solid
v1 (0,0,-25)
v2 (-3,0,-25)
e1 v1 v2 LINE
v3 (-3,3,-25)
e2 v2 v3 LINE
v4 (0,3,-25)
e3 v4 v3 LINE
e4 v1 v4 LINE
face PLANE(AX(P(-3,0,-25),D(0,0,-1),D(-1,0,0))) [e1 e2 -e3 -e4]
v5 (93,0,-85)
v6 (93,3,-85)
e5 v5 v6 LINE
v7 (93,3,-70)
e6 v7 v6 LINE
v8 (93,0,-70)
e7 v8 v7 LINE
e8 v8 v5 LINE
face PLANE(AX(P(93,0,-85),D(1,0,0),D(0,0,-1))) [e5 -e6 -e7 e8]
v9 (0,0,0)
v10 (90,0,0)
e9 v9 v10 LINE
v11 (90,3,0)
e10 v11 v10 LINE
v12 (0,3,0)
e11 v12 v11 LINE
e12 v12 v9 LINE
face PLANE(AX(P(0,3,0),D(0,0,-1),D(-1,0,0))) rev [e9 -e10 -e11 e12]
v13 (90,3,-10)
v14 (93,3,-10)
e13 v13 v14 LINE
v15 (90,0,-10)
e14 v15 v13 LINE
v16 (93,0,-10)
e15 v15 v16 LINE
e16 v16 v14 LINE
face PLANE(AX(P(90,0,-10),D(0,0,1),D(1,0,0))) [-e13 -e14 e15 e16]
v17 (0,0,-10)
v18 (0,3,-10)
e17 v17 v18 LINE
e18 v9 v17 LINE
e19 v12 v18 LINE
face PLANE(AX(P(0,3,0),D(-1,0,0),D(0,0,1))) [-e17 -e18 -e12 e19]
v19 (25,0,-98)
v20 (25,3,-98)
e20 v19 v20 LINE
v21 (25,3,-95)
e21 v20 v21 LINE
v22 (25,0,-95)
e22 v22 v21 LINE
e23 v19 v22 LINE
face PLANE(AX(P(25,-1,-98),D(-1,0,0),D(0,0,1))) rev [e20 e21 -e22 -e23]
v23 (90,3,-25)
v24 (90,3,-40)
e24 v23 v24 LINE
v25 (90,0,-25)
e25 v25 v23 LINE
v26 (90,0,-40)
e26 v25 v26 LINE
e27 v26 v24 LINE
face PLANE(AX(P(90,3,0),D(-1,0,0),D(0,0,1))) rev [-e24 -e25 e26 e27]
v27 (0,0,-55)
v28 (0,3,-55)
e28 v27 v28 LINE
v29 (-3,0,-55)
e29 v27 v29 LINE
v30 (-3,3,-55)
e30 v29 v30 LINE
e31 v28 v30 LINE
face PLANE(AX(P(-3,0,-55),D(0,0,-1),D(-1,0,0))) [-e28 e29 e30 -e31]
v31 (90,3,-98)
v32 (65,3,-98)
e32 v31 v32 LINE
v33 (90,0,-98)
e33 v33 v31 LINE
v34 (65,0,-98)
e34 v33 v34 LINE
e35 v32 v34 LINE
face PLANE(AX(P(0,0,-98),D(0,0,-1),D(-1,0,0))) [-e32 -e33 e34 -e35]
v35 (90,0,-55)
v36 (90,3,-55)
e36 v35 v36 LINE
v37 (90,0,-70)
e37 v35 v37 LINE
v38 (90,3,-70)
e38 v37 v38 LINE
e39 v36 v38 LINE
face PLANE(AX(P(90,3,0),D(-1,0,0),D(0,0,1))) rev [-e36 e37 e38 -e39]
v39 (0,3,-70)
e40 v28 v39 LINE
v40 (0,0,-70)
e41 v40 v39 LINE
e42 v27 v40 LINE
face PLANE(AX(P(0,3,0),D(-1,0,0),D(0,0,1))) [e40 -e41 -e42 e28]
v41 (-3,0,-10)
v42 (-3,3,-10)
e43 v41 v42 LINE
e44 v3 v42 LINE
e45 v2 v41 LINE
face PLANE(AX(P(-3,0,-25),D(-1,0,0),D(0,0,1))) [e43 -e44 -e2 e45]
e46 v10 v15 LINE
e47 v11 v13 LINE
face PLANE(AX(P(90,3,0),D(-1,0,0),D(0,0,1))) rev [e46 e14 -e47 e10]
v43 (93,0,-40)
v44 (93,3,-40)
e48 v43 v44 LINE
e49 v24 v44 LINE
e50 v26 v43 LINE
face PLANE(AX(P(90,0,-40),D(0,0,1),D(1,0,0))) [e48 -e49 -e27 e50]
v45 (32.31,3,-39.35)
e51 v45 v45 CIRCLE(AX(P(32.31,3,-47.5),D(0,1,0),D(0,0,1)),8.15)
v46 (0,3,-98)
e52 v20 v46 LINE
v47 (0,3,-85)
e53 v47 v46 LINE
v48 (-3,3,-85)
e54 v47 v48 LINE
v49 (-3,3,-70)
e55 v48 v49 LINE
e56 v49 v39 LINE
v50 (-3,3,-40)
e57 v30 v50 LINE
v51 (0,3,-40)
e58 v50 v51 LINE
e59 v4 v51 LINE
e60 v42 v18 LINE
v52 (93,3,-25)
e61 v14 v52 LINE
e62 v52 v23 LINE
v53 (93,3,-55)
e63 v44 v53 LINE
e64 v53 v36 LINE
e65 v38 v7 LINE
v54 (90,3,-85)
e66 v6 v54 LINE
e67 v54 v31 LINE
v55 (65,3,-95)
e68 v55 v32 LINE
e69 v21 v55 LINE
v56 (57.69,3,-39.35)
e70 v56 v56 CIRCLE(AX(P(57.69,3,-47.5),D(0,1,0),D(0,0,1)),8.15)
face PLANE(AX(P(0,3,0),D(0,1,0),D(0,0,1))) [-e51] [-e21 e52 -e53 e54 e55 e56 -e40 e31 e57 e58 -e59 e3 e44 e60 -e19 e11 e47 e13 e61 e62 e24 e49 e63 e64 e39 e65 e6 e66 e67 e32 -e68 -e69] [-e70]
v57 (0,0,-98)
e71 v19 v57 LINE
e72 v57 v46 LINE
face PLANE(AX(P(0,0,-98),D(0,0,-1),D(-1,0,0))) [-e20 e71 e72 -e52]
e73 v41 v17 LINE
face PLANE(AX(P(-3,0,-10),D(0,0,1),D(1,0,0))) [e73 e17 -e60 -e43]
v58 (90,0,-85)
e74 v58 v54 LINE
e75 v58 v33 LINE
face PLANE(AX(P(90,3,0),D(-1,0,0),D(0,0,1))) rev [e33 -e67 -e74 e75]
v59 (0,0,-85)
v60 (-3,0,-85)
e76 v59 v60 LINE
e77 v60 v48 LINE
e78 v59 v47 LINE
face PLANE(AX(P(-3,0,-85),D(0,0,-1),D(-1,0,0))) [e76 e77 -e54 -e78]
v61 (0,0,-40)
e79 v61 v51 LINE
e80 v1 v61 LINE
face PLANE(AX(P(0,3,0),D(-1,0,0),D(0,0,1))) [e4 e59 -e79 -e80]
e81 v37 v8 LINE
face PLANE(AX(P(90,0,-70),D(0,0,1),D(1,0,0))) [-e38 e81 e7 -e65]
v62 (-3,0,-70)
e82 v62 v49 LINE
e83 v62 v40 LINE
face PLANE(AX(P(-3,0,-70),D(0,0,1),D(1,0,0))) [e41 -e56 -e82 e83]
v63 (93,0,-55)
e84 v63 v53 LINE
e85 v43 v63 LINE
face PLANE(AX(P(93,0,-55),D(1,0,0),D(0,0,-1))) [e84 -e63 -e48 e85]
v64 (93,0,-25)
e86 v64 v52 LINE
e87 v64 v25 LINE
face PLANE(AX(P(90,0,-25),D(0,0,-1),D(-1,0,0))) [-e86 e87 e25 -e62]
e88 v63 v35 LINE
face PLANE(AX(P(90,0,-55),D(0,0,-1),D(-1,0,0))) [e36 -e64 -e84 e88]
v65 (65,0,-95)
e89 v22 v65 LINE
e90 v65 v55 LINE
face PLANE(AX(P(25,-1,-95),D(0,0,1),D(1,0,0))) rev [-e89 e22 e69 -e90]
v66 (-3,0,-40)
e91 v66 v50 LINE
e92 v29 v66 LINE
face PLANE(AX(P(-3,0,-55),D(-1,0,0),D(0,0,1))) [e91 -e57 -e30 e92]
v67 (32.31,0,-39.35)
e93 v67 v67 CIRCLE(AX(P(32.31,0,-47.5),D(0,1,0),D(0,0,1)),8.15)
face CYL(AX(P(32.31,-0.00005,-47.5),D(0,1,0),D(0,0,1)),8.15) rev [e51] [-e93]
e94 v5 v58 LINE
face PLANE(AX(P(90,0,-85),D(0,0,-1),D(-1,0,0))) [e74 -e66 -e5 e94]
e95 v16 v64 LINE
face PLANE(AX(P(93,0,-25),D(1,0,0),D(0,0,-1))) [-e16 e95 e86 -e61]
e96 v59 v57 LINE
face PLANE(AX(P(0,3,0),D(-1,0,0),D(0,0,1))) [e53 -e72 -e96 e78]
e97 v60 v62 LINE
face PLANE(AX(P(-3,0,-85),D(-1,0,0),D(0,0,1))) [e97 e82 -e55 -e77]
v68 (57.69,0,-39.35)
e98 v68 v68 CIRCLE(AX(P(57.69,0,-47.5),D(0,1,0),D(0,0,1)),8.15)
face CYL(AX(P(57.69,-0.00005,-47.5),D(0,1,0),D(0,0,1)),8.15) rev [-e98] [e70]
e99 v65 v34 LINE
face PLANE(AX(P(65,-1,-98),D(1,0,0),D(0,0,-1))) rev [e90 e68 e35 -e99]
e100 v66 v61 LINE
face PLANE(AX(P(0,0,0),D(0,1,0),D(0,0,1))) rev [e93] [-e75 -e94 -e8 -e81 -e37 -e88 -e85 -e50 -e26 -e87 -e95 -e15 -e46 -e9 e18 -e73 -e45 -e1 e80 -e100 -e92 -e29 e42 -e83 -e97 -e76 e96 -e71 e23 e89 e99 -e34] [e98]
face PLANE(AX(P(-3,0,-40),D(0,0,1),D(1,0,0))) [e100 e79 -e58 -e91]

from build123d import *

# Parameters (mm, degrees)
SKETCH1_W           = 90
SKETCH1_H           = 95
BOSS_EXTRUDE1_DEPTH = 3
SKETCH4_W           = 3
SKETCH4_H           = 15
BOSS_EXTRUDE4_DEPTH = 3
SKETCH5_W           = 90
SKETCH5_H           = 3
BOSS_EXTRUDE5_DEPTH = 3
SKETCH6_W           = 40
SKETCH6_H           = 3
CUT_EXTRUDE2_DEPTH  = 4
SKETCH8_R           = 8.15
CUT_EXTRUDE3_DEPTH  = 4


with BuildPart() as part:
    # Sketch1 → Boss-Extrude1 (new body)
    with BuildSketch(Plane(origin=(0, 0, 0), x_dir=(1, 0, 0), z_dir=(0, 1, 0))):
        with Locations((45, 47.5)):
            Rectangle(SKETCH1_W, SKETCH1_H)
    extrude(amount=BOSS_EXTRUDE1_DEPTH)

    # Sketch4 → Boss-Extrude4 (add)
    with BuildSketch(Plane(origin=(0, 3, 0), x_dir=(1, 0, 0), z_dir=(0, 1, 0))):
        with Locations((-1.5, 77.5)):
            Rectangle(SKETCH4_W, SKETCH4_H)
        with Locations((-1.5, 47.5)):
            Rectangle(SKETCH4_W, SKETCH4_H)
        with Locations((-1.5, 17.5)):
            Rectangle(SKETCH4_W, SKETCH4_H)
        with Locations((91.5, 77.5)):
            Rectangle(SKETCH4_W, SKETCH4_H)
        with Locations((91.5, 47.5)):
            Rectangle(SKETCH4_W, SKETCH4_H)
        with Locations((91.5, 17.5)):
            Rectangle(SKETCH4_W, SKETCH4_H)
    extrude(amount=-BOSS_EXTRUDE4_DEPTH)

    # Sketch5 → Boss-Extrude5 (add)
    with BuildSketch(Plane(origin=(0, 3, 0), x_dir=(1, 0, 0), z_dir=(0, 1, 0))):
        with Locations((45, 96.5)):
            Rectangle(SKETCH5_W, SKETCH5_H)
    extrude(amount=-BOSS_EXTRUDE5_DEPTH)

    # Sketch6 → Cut-Extrude2 (cut)
    with BuildSketch(Plane(origin=(0, 3, 0), x_dir=(1, 0, 0), z_dir=(0, 1, 0))):
        with Locations((45, 96.5)):
            Rectangle(SKETCH6_W, SKETCH6_H)
    extrude(amount=-CUT_EXTRUDE2_DEPTH, mode=Mode.SUBTRACT)

    # Sketch8 → Cut-Extrude3 (cut, through all)
    with BuildSketch(Plane(origin=(0, 3, 0), x_dir=(1, 0, 0), z_dir=(0, 1, 0))):
        with Locations((32.31, 47.5)):
            Circle(SKETCH8_R)
        with Locations((57.69, 47.5)):
            Circle(SKETCH8_R)
    extrude(amount=-CUT_EXTRUDE3_DEPTH, mode=Mode.SUBTRACT)


solid = part.part
